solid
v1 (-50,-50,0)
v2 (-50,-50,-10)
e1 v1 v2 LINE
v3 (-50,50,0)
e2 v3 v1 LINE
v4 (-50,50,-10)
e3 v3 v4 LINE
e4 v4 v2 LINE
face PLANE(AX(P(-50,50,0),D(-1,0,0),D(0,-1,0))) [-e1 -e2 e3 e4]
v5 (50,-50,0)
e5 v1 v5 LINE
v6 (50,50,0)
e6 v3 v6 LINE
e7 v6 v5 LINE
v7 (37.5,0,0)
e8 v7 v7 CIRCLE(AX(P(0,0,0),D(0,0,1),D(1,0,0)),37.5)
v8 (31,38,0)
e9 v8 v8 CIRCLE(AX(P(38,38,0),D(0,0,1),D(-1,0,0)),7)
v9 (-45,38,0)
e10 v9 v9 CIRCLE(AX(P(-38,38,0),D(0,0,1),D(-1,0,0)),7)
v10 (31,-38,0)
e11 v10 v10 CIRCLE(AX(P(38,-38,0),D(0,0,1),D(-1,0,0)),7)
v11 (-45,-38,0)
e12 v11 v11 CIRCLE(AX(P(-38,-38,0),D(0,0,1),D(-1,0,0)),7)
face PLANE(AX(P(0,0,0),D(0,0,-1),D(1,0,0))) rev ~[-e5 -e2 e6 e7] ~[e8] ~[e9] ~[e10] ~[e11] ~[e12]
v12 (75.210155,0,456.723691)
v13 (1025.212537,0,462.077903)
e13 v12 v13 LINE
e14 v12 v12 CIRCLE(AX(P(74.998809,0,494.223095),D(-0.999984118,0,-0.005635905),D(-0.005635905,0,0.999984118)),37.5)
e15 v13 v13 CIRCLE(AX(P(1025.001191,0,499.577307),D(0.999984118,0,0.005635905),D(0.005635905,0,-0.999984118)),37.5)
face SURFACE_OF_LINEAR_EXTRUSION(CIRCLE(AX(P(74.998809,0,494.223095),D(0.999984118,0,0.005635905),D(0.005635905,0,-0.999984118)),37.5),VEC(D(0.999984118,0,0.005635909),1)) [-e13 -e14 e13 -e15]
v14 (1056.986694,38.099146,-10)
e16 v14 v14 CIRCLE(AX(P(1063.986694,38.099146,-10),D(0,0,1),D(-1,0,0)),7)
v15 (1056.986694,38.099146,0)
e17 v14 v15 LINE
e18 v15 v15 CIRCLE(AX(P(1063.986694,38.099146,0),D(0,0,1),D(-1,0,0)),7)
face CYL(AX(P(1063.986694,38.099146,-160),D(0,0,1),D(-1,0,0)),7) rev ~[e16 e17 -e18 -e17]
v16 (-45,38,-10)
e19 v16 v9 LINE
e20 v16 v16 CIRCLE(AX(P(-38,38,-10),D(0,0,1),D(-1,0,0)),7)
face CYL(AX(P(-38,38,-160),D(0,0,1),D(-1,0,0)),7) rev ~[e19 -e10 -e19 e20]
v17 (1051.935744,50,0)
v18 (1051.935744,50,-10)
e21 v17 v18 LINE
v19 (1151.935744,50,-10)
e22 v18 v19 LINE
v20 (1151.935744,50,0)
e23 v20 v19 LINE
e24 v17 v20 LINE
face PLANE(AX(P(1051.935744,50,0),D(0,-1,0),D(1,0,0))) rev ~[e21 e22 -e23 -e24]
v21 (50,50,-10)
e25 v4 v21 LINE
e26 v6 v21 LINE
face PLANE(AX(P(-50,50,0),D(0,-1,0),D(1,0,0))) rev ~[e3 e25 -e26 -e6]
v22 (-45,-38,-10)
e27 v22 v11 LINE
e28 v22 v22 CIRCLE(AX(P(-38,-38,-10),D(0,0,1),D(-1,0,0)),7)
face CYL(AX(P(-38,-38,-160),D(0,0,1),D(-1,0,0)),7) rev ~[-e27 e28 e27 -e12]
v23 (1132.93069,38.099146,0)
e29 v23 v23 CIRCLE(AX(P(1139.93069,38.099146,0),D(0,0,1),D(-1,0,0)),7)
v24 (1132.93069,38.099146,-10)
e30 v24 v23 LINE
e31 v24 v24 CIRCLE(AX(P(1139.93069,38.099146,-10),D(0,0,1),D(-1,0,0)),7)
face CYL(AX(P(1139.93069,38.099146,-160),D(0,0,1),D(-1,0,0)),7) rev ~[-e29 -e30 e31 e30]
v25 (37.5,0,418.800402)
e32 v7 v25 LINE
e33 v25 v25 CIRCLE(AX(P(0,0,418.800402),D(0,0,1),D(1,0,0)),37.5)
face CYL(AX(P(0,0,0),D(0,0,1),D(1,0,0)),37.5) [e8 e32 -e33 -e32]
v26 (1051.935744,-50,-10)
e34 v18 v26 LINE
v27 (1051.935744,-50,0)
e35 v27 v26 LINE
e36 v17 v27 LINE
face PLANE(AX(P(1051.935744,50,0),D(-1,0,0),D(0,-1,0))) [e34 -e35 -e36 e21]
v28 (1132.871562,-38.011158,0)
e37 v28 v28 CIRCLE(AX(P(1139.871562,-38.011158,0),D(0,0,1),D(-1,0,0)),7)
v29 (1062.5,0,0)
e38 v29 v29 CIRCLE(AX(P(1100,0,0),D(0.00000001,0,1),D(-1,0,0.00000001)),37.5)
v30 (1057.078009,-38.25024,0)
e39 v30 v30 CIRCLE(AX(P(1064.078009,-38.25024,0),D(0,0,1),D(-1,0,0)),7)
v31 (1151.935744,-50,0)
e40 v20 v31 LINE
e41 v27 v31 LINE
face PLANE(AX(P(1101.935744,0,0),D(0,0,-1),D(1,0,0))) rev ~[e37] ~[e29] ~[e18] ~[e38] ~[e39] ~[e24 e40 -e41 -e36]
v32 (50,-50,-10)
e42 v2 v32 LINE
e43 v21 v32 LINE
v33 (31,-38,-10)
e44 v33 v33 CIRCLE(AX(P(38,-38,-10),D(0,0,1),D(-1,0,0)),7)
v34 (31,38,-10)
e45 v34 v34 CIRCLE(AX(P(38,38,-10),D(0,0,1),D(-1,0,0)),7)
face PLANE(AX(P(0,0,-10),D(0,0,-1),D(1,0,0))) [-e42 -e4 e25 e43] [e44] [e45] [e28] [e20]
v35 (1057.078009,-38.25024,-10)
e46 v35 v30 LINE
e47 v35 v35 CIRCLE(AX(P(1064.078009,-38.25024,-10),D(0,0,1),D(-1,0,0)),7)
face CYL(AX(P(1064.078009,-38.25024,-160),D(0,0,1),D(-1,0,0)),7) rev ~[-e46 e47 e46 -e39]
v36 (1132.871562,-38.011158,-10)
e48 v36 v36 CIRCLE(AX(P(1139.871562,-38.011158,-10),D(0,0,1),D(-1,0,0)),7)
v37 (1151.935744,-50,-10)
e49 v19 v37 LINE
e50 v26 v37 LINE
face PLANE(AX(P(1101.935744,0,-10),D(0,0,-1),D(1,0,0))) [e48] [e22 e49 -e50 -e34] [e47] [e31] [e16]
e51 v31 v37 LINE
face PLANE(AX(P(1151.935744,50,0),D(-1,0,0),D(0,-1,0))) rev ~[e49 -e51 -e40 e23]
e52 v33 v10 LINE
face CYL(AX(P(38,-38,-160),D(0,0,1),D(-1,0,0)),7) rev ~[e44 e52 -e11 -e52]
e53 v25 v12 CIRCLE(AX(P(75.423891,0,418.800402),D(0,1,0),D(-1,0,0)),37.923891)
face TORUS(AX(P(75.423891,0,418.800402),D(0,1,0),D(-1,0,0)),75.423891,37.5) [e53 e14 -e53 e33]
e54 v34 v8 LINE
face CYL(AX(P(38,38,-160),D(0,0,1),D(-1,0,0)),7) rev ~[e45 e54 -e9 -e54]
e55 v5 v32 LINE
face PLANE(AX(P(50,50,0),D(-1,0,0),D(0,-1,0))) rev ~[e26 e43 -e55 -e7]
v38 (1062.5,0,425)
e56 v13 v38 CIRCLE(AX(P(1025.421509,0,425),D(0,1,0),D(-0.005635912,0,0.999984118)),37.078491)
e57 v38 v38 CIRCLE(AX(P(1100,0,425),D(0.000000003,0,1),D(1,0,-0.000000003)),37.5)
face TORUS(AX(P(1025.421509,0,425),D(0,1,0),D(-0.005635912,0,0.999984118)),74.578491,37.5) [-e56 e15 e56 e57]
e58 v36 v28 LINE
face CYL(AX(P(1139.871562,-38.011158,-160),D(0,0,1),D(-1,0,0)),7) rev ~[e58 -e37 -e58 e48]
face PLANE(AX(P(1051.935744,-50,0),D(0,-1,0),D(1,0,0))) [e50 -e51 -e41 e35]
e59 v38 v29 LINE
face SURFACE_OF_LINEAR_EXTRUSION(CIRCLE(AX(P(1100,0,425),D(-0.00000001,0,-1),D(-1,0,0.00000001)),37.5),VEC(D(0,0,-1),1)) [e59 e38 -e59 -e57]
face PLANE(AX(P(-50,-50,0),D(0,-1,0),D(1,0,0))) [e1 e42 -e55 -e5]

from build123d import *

# Parameters (mm, degrees)
F0_R     = 37.5
F3_W     = 100
F3_H     = 100
F4_DEPTH = 10
F6_D     = 14
F6_DEPTH = 150


with BuildPart() as f2:
    # F2: sweep along a path in F1
    with BuildLine(Plane.XZ) as f2_path:
        Line((0, 0), (0, 418.800402))
        ThreePointArc((0, 418.800402), (21.941068, 471.982645), (74.998809, 494.223095))
        Line((74.998809, 494.223095), (1025.001191, 499.577307))
        ThreePointArc((1025.001191, 499.577307), (1078.007651, 477.883353), (1100, 425))
        Line((1100, 425), (1100, 0))
    # F0 (on Top) → F2 (sweep)
    with BuildSketch(Plane.XY):
        Circle(F0_R)
    sweep(path=f2_path.line)

    # F3 (on face) → F4 (join)
    with BuildSketch(Plane(origin=(0, 0, 0), x_dir=(1, 0, 0), z_dir=(0, 0, -1))):
        Rectangle(F3_W, F3_H)
        with Locations((1101.935744, 0)):
            Rectangle(F3_W, F3_H)
    extrude(amount=F4_DEPTH)

    # F6
    with Locations(Plane(origin=(0, 0, -10), x_dir=(1, 0, 0), z_dir=(0, 0, -1))):
        with Locations((-38, 38), (38, 38), (38, -38), (-38, -38), (1064.078009, 38.25024), (1139.871562, 38.011158), (1139.93069, -38.099146), (1063.986694, -38.099146)):
            Hole(F6_D / 2, depth=F6_DEPTH)


solid = f2.part
